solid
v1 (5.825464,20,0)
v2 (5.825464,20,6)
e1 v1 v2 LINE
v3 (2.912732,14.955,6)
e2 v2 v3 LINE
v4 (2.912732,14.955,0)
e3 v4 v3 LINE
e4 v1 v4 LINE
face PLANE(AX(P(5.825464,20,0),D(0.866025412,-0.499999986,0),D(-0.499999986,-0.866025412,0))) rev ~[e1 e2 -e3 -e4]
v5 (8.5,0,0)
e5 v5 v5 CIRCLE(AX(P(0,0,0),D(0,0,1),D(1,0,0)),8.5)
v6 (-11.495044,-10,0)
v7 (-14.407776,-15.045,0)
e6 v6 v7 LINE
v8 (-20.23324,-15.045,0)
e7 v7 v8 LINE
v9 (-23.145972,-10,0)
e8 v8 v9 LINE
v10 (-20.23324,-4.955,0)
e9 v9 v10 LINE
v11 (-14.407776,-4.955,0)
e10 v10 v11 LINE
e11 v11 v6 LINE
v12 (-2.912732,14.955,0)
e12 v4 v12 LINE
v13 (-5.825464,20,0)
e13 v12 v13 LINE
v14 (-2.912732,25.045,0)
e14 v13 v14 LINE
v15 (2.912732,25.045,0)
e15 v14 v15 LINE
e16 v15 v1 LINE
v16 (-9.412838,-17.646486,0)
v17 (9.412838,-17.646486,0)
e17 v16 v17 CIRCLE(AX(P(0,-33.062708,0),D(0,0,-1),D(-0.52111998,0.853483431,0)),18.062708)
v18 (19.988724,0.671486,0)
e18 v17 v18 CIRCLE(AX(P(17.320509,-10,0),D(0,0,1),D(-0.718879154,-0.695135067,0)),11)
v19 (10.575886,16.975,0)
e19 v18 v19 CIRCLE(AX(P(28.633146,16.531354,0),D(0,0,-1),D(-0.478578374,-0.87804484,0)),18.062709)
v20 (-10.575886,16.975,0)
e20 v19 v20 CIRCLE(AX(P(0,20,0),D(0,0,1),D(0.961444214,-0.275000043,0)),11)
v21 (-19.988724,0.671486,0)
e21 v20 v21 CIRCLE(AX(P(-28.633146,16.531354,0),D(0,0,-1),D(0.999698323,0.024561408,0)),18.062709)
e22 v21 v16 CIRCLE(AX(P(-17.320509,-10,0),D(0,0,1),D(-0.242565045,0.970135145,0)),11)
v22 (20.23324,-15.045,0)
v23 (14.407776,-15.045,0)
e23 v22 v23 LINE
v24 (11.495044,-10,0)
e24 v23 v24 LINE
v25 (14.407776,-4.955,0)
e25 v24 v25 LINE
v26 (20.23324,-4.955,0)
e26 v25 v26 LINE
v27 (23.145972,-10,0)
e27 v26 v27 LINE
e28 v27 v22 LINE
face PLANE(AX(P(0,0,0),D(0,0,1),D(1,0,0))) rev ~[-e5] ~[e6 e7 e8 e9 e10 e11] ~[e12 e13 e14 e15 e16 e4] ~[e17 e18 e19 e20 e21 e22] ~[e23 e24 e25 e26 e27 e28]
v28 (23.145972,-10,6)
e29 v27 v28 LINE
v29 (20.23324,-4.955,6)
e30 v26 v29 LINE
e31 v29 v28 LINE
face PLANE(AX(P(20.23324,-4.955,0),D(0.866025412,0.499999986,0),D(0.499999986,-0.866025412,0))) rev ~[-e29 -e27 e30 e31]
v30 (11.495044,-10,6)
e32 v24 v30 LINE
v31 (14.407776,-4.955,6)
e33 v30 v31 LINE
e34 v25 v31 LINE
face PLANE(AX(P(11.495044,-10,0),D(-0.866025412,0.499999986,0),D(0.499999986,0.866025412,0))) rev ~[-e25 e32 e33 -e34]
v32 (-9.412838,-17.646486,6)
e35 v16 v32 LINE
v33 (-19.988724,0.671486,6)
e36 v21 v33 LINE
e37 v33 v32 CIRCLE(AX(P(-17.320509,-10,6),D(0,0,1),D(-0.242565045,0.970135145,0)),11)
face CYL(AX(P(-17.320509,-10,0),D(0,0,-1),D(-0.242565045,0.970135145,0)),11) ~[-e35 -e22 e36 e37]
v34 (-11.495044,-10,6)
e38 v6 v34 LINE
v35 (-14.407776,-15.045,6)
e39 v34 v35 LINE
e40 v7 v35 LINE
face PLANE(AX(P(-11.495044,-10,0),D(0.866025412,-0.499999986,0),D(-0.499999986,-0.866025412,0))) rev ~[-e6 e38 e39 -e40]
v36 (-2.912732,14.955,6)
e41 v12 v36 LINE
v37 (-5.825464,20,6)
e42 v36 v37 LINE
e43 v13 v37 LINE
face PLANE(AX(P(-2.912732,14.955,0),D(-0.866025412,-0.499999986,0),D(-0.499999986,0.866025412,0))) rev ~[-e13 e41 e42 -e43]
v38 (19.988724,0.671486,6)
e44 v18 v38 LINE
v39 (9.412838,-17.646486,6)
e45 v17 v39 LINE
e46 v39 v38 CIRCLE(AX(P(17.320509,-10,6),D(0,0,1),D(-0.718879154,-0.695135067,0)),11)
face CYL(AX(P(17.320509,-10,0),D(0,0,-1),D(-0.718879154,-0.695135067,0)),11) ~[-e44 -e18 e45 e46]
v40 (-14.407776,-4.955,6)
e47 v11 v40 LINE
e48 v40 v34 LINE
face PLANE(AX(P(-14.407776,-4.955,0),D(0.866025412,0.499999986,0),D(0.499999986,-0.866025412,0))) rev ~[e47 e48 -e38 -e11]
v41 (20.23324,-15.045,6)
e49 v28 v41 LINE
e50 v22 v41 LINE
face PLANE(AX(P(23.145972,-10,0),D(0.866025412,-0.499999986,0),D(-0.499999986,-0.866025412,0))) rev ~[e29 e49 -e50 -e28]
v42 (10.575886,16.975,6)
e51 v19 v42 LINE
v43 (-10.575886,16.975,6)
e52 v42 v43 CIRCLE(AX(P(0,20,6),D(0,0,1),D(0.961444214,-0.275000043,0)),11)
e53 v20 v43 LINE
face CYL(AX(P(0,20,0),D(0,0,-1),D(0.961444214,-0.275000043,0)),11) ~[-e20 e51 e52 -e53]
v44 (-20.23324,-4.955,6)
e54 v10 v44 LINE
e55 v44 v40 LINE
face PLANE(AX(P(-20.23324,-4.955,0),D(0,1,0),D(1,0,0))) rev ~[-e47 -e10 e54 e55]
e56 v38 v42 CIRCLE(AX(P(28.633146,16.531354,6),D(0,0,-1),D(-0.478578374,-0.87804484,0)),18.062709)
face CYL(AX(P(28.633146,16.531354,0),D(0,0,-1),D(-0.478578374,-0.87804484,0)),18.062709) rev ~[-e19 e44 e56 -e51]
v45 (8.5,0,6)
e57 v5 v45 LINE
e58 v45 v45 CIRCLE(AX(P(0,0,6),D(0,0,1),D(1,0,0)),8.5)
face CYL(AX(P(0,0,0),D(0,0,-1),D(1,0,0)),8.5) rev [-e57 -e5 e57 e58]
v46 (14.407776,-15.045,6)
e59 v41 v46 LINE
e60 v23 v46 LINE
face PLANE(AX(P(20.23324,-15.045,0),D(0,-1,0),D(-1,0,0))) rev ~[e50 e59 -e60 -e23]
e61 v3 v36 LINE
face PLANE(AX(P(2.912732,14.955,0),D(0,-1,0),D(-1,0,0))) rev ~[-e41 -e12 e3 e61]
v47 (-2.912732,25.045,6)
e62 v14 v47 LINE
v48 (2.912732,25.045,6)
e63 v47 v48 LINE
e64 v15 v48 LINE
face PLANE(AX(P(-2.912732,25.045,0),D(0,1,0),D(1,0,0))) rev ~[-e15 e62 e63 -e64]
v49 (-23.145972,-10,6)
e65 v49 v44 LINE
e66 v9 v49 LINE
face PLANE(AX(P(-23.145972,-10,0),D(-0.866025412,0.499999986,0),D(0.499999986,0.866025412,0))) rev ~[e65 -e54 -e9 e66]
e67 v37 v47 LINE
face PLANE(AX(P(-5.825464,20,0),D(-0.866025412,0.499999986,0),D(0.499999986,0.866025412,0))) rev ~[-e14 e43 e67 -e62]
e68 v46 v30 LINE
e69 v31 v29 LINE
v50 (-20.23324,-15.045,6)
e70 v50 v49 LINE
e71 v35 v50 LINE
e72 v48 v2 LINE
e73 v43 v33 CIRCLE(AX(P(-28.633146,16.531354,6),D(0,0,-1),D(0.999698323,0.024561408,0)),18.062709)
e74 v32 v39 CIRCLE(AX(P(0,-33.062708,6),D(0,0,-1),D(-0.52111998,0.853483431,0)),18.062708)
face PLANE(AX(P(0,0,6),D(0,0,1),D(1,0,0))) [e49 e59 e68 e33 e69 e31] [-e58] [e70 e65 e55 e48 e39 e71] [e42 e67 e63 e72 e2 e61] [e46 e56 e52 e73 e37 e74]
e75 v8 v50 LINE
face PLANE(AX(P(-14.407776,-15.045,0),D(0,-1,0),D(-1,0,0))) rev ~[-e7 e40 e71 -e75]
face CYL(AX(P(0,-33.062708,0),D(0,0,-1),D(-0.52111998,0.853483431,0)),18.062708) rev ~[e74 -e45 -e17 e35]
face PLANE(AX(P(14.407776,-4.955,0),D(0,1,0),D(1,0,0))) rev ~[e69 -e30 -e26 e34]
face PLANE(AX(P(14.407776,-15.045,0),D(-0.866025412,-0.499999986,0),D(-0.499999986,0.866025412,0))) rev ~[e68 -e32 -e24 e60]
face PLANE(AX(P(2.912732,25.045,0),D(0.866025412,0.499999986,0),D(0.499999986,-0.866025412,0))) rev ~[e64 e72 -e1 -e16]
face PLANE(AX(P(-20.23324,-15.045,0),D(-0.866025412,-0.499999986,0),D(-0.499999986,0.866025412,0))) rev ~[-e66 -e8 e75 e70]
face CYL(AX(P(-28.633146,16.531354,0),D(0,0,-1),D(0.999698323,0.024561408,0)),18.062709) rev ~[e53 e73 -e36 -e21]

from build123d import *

# Parameters (mm, degrees)
F0_R     = 8.5
F1_DEPTH = 6


with BuildPart() as f1:
    # F0 (on Top) → F1 (new body)
    with BuildSketch(Plane.XY):
        with BuildLine():
            ThreePointArc((10.575886, 16.975), (0, 31), (-10.575886, 16.975))
            ThreePointArc((-10.575886, 16.975), (-12.990381, 7.5), (-19.988724, 0.671486))
            ThreePointArc((-19.988724, 0.671486), (-26.846788, -15.5), (-9.412838, -17.646486))
            ThreePointArc((-9.412838, -17.646486), (0, -15), (9.412838, -17.646486))
            ThreePointArc((9.412838, -17.646486), (26.846788, -15.5), (19.988724, 0.671486))
            ThreePointArc((19.988724, 0.671486), (12.990381, 7.5), (10.575886, 16.975))
        make_face()
        Polygon((-11.495044, -10), (-14.407776, -15.045), (-20.23324, -15.045), (-23.145972, -10), (-20.23324, -4.955), (-14.407776, -4.955), align=None, mode=Mode.SUBTRACT)
        Polygon((14.407776, -4.955), (20.23324, -4.955), (23.145972, -10), (20.23324, -15.045), (14.407776, -15.045), (11.495044, -10), align=None, mode=Mode.SUBTRACT)
        Circle(F0_R, mode=Mode.SUBTRACT)
        Polygon((-5.825464, 20), (-2.912732, 25.045), (2.912732, 25.045), (5.825464, 20), (2.912732, 14.955), (-2.912732, 14.955), align=None, mode=Mode.SUBTRACT)
    extrude(amount=F1_DEPTH)


solid = f1.part
